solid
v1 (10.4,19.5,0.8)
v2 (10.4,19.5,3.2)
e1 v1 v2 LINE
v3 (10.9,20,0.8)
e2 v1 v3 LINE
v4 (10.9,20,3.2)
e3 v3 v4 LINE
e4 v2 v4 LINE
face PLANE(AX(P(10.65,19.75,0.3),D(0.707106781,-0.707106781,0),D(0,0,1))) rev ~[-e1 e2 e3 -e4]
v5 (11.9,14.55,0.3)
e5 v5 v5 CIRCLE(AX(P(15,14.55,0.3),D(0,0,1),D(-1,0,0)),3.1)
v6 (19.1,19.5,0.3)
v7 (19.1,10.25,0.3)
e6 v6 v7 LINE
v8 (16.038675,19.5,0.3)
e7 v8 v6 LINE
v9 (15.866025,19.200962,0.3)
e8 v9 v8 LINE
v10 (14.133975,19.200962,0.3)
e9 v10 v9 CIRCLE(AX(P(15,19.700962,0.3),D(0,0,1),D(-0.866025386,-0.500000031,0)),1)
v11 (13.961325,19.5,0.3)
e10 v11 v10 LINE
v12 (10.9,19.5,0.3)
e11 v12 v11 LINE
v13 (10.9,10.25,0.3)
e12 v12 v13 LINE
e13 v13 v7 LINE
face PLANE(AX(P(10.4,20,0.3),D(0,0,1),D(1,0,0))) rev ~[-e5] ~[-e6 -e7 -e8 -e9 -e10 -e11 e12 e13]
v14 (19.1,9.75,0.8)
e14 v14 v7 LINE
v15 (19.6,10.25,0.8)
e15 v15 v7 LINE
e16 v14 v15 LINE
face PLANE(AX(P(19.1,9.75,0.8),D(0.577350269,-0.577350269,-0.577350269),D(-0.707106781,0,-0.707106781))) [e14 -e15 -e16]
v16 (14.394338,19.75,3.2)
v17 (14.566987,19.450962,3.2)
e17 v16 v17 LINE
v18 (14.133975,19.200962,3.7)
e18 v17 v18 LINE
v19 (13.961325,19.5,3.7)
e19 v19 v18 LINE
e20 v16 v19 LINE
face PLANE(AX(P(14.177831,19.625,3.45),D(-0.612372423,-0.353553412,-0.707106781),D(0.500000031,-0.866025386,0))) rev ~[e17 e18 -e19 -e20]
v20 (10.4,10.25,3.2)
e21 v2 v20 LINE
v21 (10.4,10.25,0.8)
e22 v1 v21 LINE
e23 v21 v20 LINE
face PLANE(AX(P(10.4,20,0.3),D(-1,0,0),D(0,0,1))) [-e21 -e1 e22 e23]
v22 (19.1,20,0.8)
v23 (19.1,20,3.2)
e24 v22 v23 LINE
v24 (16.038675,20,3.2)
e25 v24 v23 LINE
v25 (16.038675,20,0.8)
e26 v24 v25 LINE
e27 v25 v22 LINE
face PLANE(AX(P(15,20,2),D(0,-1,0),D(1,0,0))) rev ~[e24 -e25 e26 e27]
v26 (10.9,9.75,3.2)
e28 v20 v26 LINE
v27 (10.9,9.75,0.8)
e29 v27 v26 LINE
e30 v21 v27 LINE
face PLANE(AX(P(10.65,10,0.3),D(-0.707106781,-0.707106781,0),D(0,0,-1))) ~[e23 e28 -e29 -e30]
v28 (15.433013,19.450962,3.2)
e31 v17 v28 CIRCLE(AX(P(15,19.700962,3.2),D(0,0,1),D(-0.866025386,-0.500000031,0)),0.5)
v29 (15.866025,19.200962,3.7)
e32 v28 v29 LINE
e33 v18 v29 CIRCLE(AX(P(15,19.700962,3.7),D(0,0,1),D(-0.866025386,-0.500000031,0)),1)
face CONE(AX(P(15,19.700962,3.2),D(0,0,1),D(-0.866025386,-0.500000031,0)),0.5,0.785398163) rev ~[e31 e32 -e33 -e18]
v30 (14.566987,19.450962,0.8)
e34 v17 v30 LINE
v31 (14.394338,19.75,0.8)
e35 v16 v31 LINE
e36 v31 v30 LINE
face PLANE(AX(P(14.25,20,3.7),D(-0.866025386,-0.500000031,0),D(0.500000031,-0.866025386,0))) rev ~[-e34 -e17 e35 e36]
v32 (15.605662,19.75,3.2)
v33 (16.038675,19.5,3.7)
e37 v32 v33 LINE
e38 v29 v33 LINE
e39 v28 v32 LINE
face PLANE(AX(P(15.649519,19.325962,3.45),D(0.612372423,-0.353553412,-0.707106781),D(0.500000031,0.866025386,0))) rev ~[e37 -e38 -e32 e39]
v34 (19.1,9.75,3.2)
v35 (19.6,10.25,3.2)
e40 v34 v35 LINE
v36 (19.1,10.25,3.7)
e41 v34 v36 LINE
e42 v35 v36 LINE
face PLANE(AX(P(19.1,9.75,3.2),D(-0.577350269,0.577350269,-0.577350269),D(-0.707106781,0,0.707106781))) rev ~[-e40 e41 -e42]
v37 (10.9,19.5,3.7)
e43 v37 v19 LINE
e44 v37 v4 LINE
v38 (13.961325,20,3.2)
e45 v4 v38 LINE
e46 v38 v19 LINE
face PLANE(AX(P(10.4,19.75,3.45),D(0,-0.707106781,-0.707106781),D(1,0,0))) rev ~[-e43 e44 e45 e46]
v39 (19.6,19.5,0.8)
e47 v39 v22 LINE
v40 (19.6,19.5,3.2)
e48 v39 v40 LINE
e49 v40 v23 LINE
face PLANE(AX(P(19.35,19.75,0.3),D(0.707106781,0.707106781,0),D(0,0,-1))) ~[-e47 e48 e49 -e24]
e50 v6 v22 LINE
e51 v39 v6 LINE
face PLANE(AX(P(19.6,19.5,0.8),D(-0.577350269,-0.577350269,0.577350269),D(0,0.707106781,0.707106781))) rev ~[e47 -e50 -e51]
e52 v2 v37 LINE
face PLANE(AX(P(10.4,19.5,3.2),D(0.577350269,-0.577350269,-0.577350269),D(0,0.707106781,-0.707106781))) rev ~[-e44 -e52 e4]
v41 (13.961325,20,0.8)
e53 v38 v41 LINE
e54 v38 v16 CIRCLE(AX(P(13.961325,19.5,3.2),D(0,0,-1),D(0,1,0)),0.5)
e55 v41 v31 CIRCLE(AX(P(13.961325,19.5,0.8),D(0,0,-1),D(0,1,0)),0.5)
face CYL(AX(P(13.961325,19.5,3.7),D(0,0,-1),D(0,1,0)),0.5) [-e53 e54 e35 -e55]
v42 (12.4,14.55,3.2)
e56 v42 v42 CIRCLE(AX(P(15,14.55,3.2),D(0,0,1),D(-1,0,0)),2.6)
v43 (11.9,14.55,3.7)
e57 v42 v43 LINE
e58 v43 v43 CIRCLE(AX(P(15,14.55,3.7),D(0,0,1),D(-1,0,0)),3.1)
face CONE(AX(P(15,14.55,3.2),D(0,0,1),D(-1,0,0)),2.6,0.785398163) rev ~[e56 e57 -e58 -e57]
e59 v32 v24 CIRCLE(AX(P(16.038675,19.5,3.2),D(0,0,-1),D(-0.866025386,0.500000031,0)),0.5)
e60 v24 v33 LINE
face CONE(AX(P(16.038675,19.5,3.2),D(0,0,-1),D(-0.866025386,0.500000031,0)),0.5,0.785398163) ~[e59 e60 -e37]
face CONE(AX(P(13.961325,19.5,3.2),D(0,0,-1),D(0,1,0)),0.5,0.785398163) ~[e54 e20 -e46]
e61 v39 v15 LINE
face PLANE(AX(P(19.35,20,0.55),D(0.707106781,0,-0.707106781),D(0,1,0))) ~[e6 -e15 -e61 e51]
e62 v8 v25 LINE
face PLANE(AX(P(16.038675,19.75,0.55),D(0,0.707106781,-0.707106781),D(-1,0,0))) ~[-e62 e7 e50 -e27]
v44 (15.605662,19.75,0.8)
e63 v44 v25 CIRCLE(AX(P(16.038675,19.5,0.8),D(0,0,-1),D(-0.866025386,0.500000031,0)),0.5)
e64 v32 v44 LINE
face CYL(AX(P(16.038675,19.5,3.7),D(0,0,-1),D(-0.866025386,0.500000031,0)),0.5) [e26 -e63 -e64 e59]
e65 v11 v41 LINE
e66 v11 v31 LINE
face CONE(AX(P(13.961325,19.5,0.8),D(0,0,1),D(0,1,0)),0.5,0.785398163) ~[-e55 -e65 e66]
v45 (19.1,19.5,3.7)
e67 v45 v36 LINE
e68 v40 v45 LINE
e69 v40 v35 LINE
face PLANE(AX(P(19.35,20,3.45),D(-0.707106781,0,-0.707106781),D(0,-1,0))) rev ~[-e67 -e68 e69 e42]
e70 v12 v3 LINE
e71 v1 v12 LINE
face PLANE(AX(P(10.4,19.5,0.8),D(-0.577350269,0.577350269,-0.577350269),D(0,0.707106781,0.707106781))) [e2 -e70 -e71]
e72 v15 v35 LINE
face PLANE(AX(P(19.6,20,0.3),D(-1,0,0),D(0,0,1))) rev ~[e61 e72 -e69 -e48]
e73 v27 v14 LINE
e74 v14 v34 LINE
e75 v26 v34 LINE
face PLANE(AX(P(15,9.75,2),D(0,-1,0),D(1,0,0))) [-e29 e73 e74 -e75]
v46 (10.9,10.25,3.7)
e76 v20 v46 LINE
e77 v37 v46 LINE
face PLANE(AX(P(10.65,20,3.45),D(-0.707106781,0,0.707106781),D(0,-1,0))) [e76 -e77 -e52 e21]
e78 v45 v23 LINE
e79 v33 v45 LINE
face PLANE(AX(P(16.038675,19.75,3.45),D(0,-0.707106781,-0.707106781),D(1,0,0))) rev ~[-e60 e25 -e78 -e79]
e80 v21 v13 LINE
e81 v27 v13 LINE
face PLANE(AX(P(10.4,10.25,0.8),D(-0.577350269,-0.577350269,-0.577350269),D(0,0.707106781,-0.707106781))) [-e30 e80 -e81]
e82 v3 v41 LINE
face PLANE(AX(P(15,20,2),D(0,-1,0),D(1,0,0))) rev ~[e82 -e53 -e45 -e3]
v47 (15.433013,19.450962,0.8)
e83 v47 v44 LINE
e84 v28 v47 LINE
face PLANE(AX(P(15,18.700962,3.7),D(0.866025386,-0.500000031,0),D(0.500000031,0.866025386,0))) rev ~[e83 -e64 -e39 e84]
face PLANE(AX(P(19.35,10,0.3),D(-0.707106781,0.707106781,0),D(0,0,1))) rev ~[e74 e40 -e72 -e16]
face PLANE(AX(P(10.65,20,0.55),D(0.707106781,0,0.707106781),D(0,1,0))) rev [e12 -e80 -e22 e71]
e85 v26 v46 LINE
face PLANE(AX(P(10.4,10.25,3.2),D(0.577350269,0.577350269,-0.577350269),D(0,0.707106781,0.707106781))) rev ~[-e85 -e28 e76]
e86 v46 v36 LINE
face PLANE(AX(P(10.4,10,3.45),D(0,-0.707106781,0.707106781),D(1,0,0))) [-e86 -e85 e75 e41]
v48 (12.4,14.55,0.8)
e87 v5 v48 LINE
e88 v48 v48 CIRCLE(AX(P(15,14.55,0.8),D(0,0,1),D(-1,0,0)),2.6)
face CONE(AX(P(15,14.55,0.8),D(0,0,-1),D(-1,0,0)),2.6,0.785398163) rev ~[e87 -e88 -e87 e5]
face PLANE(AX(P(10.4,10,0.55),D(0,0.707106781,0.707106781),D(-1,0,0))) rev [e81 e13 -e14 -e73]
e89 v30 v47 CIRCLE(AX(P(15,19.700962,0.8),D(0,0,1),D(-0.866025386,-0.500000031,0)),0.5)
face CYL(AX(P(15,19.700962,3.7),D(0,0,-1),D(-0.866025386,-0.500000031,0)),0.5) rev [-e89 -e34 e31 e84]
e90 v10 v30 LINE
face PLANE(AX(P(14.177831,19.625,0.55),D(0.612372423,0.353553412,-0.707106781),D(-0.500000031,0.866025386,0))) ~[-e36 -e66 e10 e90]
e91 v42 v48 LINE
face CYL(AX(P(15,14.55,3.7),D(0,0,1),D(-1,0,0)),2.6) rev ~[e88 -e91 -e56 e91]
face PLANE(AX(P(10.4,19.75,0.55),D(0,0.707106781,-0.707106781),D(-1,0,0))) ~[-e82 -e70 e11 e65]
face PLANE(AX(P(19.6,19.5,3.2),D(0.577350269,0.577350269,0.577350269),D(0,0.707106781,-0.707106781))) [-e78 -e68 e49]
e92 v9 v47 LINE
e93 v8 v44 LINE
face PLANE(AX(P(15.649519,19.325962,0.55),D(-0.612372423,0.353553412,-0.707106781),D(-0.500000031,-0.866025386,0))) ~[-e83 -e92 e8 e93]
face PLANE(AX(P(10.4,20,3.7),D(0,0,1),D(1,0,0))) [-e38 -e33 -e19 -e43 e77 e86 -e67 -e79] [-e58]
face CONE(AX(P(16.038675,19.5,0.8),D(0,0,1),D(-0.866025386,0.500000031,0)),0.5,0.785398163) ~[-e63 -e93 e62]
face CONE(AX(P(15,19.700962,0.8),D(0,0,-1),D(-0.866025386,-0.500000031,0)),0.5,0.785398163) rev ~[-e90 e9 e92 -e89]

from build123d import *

# Parameters (mm, degrees)
SKETCH101_W     = 9.2
SKETCH101_H     = 3.4
PAD021_DEPTH    = 10.25
SKETCH098_R     = 0.5
POCKET040_DEPTH = 3.401
SKETCH100_R     = 2.6
POCKET041_DEPTH = 3.401
POCKET042_DEPTH = 3.401
FILLET001_R     = 0.5
CHAMFER040_SIZE = 0.5


with BuildPart() as part:
    # Sketch101 → Pad021 (new body)
    with BuildSketch(Plane.XZ):
        Rectangle(SKETCH101_W, SKETCH101_H)
    extrude(amount=PAD021_DEPTH)

    # Sketch098 (on Face1 of Pad021) → Pocket040 (cut, through all)
    with BuildSketch(Plane(origin=(0, 0, -1.7), x_dir=(1, 0, 0), z_dir=(0, 0, -1))):
        with Locations((0, 5.45)):
            Circle(SKETCH098_R)
    extrude(amount=-POCKET040_DEPTH, mode=Mode.SUBTRACT)

    # Sketch100 (on Face7 of Pocket040) → Pocket041 (cut, through all)
    with BuildSketch(Plane(origin=(0, 0, 1.7), x_dir=(-1, 0, 0), z_dir=(0, 0, 1))):
        with Locations((0, 5.45)):
            Circle(SKETCH100_R)
    extrude(amount=-POCKET041_DEPTH, mode=Mode.SUBTRACT)

    # Sketch103 → Pocket042 (cut, through all)
    with BuildSketch(Plane(origin=(0, 0, 1.7), x_dir=(-1, 0, 0), z_dir=(0, 0, 1))):
        Polygon((0.75, 0), (0, 1.299038), (-0.75, 0), align=None)
    extrude(amount=-POCKET042_DEPTH, mode=Mode.SUBTRACT)

    # Fillet001
    fillet001_edges = [part.edges().sort_by_distance(p)[0] for p in [
        (0.75, 0, 0),
        (0, -1.299038, 0),
        (-0.75, 0, 0),
    ]]
    fillet(fillet001_edges, radius=FILLET001_R)

    # Chamfer040
    chamfer040_edges = [part.edges().sort_by_distance(p)[0] for p in [
        (2.819338, 0, 1.7),
        (2.819338, 0, -1.7),
        (4.6, -5.125, -1.7),
        (4.6, -5.125, 1.7),
        (4.6, 0, 0),
        (4.6, -10.25, 0),
        (0, -10.25, -1.7),
        (0, -10.25, 1.7),
        (-4.6, -10.25, 0),
        (-4.6, -5.125, 1.7),
        (-4.6, -5.125, -1.7),
        (-4.6, 0, 0),
        (2.6, -5.45, 1.7),
        (2.6, -5.45, -1.7),
    ]]
    chamfer(chamfer040_edges, length=CHAMFER040_SIZE)


with BuildPart() as part_1:
    # Body020 placement: moved
    add(part.part.moved(Location((15, 20, 2))))


solid = part_1.part
